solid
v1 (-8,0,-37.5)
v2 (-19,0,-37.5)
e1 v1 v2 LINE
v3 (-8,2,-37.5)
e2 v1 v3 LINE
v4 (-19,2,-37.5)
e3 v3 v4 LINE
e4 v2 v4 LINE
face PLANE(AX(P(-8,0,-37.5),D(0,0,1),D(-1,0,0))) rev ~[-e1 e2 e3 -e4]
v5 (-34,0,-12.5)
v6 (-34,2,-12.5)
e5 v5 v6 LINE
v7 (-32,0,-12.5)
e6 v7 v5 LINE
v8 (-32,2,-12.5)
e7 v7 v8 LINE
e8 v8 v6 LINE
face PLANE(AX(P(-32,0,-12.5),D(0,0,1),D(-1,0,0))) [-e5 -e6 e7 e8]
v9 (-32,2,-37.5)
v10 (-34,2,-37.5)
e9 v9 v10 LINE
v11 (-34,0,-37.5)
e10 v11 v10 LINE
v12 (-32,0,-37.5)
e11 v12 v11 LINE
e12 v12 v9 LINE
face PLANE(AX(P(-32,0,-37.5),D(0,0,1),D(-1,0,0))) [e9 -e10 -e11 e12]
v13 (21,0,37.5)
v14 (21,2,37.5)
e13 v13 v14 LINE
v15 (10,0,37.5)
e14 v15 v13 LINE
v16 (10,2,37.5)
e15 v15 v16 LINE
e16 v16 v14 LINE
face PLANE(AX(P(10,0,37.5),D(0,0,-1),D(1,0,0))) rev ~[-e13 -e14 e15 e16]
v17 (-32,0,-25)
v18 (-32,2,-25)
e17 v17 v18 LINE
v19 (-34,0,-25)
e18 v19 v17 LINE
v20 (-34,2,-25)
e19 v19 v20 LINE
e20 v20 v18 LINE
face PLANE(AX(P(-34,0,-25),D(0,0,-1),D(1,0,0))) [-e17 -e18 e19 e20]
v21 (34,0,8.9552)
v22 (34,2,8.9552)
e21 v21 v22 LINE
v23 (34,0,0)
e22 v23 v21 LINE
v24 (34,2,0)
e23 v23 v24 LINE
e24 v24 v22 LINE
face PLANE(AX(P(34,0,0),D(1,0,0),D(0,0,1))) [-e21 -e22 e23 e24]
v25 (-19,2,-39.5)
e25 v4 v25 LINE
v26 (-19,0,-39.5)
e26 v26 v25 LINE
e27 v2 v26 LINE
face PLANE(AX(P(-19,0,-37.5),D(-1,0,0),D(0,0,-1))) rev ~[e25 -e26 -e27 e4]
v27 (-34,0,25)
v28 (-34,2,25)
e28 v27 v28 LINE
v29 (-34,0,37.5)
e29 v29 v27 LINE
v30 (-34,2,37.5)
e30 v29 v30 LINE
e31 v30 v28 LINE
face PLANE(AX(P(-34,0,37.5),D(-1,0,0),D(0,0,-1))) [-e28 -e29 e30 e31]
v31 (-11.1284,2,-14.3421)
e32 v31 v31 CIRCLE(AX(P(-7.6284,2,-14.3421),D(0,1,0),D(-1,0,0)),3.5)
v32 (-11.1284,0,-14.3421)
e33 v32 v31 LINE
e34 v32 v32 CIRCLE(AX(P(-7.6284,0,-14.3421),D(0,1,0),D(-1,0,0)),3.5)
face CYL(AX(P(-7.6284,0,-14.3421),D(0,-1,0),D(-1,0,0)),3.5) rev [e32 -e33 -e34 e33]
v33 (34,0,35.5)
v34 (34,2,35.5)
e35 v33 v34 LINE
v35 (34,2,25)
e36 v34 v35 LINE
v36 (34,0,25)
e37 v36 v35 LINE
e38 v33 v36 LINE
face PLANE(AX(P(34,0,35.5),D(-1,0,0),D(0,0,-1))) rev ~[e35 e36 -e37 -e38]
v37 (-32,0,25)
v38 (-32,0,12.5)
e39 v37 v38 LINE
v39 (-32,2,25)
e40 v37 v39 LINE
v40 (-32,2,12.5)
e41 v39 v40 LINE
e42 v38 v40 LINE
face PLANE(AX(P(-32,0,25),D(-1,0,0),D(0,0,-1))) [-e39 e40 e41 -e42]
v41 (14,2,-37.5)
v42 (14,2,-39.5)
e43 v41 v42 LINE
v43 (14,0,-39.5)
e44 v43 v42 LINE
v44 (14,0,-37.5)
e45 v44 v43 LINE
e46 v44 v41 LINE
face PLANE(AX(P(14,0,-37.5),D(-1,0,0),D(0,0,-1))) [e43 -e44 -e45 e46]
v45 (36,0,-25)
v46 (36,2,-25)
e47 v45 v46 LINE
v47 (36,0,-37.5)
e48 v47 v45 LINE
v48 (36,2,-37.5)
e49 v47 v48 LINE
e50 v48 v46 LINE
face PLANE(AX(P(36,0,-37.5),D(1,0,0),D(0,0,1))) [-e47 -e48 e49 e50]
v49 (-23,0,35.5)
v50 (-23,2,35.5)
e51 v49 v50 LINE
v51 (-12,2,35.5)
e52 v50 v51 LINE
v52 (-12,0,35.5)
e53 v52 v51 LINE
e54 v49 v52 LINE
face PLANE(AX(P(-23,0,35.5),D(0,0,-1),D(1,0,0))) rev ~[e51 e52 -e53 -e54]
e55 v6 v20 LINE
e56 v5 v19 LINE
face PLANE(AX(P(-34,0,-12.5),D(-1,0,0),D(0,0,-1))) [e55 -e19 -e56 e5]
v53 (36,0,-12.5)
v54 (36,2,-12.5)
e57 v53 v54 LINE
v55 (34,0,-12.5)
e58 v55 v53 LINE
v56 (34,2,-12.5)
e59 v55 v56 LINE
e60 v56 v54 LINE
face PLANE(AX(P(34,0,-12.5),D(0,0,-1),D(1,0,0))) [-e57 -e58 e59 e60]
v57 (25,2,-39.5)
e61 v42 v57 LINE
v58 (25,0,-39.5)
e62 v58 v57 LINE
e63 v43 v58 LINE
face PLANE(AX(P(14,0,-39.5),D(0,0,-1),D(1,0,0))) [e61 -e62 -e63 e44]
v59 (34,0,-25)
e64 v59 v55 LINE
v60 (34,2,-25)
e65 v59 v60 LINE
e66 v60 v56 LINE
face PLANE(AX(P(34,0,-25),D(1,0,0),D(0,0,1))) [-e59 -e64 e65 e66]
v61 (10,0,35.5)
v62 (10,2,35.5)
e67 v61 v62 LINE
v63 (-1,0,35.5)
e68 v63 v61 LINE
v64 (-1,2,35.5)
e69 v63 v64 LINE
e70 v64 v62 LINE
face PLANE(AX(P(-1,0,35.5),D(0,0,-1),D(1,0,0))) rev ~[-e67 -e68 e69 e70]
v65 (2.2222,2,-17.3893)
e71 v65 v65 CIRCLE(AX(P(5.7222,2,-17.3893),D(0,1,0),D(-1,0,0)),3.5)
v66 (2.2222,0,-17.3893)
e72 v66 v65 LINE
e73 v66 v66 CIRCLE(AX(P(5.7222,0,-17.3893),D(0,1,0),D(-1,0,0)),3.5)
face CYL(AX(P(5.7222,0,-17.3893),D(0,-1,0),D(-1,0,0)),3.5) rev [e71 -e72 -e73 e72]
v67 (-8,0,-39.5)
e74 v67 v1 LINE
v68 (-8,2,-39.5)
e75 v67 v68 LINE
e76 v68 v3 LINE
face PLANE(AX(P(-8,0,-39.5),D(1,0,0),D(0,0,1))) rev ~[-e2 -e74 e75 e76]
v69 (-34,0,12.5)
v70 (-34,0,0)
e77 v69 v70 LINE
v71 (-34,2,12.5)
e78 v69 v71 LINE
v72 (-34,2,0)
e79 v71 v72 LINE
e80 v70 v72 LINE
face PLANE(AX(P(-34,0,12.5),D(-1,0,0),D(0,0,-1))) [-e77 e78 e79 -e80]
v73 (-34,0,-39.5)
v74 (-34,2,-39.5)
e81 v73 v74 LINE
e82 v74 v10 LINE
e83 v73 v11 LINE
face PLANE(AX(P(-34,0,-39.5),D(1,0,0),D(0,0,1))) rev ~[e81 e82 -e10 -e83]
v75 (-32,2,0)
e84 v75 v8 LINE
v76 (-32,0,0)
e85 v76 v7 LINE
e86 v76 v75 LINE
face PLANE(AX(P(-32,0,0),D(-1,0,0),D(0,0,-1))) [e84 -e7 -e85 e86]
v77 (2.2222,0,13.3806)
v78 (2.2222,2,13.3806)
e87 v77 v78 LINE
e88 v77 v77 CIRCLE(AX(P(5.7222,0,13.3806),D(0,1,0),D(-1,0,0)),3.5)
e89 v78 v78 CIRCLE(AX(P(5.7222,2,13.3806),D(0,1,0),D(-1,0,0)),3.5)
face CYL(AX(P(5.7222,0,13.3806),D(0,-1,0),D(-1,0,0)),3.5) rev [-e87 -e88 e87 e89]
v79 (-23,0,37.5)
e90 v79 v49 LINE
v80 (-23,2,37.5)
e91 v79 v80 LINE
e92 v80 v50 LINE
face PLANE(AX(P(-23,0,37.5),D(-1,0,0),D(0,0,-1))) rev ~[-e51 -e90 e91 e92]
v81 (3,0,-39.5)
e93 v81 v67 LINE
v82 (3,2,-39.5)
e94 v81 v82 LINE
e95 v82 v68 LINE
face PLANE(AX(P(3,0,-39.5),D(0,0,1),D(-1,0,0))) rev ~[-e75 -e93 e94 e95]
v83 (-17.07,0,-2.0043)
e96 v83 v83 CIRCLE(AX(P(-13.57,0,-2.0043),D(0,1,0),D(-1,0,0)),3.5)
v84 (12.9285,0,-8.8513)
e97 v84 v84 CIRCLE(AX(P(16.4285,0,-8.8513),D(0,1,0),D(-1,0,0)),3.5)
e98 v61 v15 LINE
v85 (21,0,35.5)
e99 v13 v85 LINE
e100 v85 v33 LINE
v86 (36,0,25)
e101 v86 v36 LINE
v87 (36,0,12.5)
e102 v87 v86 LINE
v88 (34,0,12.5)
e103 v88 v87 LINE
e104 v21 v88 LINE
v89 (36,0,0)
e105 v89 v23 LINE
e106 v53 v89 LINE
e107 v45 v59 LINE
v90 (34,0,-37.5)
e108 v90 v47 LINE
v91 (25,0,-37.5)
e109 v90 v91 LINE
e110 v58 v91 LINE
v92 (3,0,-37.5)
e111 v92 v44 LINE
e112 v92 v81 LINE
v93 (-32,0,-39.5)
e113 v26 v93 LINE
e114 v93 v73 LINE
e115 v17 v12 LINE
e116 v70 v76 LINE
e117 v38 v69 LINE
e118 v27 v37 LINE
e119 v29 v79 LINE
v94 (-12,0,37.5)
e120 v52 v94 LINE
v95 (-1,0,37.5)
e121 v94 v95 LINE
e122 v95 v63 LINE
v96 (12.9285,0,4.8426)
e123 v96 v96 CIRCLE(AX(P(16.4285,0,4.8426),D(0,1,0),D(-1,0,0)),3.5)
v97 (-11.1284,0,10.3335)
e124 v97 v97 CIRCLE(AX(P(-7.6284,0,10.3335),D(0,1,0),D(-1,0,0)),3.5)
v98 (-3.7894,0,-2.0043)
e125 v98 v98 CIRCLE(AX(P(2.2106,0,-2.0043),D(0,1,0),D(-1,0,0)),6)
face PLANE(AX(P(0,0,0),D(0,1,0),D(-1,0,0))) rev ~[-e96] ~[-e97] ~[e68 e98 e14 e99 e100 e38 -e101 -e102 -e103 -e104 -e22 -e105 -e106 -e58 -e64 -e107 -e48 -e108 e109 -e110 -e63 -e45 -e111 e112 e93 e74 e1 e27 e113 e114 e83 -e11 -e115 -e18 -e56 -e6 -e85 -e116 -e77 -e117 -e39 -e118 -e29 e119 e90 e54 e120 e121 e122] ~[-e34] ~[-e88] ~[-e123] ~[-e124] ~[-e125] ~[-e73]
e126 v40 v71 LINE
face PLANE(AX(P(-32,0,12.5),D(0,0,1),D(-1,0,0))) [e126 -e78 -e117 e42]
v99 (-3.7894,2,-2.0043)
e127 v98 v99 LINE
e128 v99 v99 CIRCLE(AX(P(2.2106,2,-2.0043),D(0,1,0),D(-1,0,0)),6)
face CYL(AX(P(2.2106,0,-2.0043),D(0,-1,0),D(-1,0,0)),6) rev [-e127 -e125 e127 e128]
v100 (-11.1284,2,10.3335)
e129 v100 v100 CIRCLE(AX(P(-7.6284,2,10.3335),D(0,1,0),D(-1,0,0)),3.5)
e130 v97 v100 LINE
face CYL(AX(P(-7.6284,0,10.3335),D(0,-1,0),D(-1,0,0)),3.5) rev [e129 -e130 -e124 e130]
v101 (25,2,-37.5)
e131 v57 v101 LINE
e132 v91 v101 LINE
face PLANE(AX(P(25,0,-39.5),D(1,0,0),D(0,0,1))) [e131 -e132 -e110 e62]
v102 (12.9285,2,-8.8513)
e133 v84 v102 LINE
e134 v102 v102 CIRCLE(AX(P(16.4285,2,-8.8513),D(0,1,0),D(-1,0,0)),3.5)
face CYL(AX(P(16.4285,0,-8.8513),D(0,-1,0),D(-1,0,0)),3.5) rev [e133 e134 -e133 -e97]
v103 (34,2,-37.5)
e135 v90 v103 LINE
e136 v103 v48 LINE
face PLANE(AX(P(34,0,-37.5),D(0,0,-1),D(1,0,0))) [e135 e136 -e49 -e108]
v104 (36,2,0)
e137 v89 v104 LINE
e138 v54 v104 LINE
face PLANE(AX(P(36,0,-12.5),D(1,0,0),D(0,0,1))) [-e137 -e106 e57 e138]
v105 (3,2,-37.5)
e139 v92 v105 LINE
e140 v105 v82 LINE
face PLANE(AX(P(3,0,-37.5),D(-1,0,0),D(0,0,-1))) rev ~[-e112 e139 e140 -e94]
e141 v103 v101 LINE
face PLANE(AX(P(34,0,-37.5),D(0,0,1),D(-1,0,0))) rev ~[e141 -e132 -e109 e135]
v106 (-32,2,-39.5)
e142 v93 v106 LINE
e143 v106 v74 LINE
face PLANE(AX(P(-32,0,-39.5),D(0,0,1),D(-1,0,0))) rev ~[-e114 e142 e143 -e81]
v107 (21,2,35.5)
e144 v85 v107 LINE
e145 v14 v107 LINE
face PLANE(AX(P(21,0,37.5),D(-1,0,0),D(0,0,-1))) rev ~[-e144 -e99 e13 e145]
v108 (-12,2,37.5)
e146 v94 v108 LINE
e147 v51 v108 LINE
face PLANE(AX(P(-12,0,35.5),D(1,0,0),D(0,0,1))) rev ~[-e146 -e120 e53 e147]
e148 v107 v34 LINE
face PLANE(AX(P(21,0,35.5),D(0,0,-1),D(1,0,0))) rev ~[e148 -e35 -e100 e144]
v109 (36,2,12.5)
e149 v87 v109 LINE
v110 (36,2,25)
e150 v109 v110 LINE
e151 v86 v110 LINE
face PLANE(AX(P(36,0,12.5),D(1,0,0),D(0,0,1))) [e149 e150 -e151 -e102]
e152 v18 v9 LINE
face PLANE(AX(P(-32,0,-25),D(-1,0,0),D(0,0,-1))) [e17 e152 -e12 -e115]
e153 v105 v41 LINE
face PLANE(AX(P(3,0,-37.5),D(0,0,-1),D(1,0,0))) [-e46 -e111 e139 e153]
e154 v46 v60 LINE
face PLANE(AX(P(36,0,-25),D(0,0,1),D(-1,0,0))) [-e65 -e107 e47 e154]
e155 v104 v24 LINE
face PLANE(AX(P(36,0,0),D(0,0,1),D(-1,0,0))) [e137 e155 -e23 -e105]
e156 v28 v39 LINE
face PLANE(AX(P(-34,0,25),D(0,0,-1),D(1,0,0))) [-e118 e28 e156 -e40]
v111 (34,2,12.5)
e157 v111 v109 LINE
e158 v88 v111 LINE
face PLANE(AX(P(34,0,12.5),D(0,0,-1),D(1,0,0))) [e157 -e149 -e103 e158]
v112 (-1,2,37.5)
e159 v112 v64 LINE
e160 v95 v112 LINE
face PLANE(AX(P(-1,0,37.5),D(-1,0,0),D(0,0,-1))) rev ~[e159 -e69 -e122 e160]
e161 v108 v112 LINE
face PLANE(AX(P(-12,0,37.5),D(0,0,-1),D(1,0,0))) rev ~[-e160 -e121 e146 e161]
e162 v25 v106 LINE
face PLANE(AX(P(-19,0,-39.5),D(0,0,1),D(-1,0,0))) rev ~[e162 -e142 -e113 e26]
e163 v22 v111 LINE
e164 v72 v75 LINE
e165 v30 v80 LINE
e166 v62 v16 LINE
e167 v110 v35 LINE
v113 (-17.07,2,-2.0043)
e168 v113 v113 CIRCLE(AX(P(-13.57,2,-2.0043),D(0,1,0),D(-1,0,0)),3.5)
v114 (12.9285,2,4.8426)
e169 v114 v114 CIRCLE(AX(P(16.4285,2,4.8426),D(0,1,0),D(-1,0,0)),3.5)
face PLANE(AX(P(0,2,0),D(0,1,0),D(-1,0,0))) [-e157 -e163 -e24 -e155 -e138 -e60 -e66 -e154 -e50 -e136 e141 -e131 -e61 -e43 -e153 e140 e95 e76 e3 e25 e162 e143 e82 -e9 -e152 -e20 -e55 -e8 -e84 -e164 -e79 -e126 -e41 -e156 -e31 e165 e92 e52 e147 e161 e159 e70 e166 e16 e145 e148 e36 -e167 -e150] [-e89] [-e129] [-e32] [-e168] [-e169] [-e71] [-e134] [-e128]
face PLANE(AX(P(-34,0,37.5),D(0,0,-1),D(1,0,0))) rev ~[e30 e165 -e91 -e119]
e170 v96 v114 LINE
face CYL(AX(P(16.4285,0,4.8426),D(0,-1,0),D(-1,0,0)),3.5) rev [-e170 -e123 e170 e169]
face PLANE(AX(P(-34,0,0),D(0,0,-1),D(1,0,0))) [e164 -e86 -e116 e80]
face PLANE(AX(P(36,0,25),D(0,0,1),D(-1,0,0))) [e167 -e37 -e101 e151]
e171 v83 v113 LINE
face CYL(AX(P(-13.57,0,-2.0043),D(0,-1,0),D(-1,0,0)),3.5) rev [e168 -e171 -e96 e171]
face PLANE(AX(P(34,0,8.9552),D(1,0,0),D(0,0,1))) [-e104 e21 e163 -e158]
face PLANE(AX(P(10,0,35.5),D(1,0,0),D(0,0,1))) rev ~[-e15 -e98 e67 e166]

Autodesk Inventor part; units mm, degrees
ref_plane "YZ Plane" through (0, 0, 0) normal (1, 0, 0) x (0, 1, 0)
ref_plane "XZ Plane" through (0, 0, 0) normal (0, 1, 0) x (-1, 0, 0)
ref_plane "XY Plane" through (0, 0, 0) normal (0, 0, 1) x (1, 0, 0)
sketch "Sketch1" plane through (0, 0, 0) normal (0, 1, 0) x (-1, 0, 0)
  line L0 (34, 37.5) -> (-34, -37.5) construction
  line L1 (-34, 37.5) -> (34, -37.5) construction
  line L2 (34, 37.5) -> (34, 25)
  line L3 (34, 25) -> (32, 25)
  line L4 (32, 25) -> (32, 12.5)
  line L5 (32, 12.5) -> (34, 12.5)
  line L6 (34, 12.5) -> (34, 0)
  line L7 (34, 0) -> (32, 0)
  line L8 (32, 0) -> (32, -12.5)
  line L9 (32, -12.5) -> (34, -12.5)
  line L10 (34, -12.5) -> (34, -25)
  line L11 (34, -25) -> (32, -25)
  line L12 (32, -25) -> (32, -37.5)
  line L13 (34, -25) -> (34, -12.5)
  line L14 (34, 0) -> (34, 12.5)
  line L15 (34, 25) -> (34, 37.5)
  line L16 (-3, -37.5) -> (-14, -37.5)
  line L17 (-14, -37.5) -> (-14, -39.5)
  line L18 (-14, -39.5) -> (-25, -39.5)
  line L19 (-25, -39.5) -> (-25, -37.5)
  line L20 (-34, -37.5) -> (-36, -37.5)
  line L21 (-36, -37.5) -> (-36, -25)
  line L22 (-36, -25) -> (-34, -25)
  line L23 (-34, -25) -> (-34, -12.5)
  line L24 (-34, -12.5) -> (-36, -12.5)
  line L25 (-36, -12.5) -> (-36, 0)
  line L26 (-36, 0) -> (-34, 0)
  line L27 (-34, 0) -> (-34, 12.5)
  line L28 (-34, 12.5) -> (-34, 8.9552)
  line L29 (-34, 12.5) -> (-36, 12.5)
  line L30 (-36, 12.5) -> (-36, 25)
  line L31 (-36, 25) -> (-34, 25)
  line L32 (-34, -37.5) -> (-25, -37.5)
  line L33 (-14, -37.5) -> (-3, -37.5)
  line L34 (-34, -12.5) -> (-34, -25)
  line L35 (-34, 35.5) -> (-34, 25)
  line L36 (-34, 12.5) -> (-34, 0)
  line L37 (34, 37.5) -> (23, 37.5)
  line L38 (23, 37.5) -> (23, 35.5)
  line L39 (23, 35.5) -> (12, 35.5)
  line L40 (12, 35.5) -> (12, 37.5)
  line L41 (12, 37.5) -> (1, 37.5)
  line L42 (1, 37.5) -> (1, 35.5)
  line L43 (1, 35.5) -> (-10, 35.5)
  line L44 (-10, 35.5) -> (-10, 37.5)
  line L45 (-10, 37.5) -> (-21, 37.5)
  line L46 (-21, 37.5) -> (-21, 35.5)
  line L47 (-21, 35.5) -> (-34, 35.5)
  line L48 (34, 37.5) -> (23, 37.5)
  line L49 (12, 37.5) -> (1, 37.5)
  line L50 (-10, 37.5) -> (-21, 37.5)
  circle A0 centre (-2.2106, -2.0043) radius 6
  circle A1 centre (13.57, -2.0043) radius 3.5
  circle A2 centre (7.6284, 10.3335) radius 3.5
  circle A3 centre (-5.7222, 13.3806) radius 3.5
  circle A4 centre (-16.4285, 4.8426) radius 3.5
  circle A5 centre (-16.4285, -8.8513) radius 3.5
  circle A6 centre (-5.7222, -17.3893) radius 3.5
  circle A7 centre (7.6284, -14.3421) radius 3.5
  line L51 (-3, -37.5) -> (-3, -39.5)
  line L52 (-3, -39.5) -> (8, -39.5)
  line L53 (8, -39.5) -> (8, -37.5)
  line L54 (8, -37.5) -> (19, -37.5)
  line L55 (19, -37.5) -> (19, -39.5)
  line L56 (19, -39.5) -> (32, -39.5)
  line L57 (32, -39.5) -> (34, -39.5)
  line L58 (34, -39.5) -> (34, -37.5)
  line L59 (32, -37.5) -> (34, -37.5)
  point P0 (0, 0)
  point P1 (0, 0)
  point P2 (8.5, -39.5)
  point P3 (-2.5, -39.5)
  dimension "d1" = 75
  dimension "d2" = 2
  dimension "d3" = 12.5
  dimension "d4" = 12.5
  dimension "d5" = 12.5
  dimension "d6" = 12.5
  dimension "d7" = 2
  dimension "d13" = 11
  dimension "d14" = 2
  dimension "d15" = 12.5
  dimension "d16" = 12.5
  dimension "d17" = 2
  dimension "d18" = 12.5
  dimension "d19" = 12.5
  dimension "d20" = 2
  dimension "d21" = 12.5
  dimension "d22" = 11
  dimension "d23" = 11
  dimension "d24" = 11
  dimension "d25" = 11
  dimension "d28" = 12
  dimension "d29" = 7
  dimension "d30" = 360
  dimension "d33" = 9
  dimension "d34" = 11
  dimension "d35" = 11
  dimension "d36" = 2
  dimension "d37" = 11
extrude "Extrusion1" add sketch "Sketch1" along normal blind 2
properties part number "KIRI"
